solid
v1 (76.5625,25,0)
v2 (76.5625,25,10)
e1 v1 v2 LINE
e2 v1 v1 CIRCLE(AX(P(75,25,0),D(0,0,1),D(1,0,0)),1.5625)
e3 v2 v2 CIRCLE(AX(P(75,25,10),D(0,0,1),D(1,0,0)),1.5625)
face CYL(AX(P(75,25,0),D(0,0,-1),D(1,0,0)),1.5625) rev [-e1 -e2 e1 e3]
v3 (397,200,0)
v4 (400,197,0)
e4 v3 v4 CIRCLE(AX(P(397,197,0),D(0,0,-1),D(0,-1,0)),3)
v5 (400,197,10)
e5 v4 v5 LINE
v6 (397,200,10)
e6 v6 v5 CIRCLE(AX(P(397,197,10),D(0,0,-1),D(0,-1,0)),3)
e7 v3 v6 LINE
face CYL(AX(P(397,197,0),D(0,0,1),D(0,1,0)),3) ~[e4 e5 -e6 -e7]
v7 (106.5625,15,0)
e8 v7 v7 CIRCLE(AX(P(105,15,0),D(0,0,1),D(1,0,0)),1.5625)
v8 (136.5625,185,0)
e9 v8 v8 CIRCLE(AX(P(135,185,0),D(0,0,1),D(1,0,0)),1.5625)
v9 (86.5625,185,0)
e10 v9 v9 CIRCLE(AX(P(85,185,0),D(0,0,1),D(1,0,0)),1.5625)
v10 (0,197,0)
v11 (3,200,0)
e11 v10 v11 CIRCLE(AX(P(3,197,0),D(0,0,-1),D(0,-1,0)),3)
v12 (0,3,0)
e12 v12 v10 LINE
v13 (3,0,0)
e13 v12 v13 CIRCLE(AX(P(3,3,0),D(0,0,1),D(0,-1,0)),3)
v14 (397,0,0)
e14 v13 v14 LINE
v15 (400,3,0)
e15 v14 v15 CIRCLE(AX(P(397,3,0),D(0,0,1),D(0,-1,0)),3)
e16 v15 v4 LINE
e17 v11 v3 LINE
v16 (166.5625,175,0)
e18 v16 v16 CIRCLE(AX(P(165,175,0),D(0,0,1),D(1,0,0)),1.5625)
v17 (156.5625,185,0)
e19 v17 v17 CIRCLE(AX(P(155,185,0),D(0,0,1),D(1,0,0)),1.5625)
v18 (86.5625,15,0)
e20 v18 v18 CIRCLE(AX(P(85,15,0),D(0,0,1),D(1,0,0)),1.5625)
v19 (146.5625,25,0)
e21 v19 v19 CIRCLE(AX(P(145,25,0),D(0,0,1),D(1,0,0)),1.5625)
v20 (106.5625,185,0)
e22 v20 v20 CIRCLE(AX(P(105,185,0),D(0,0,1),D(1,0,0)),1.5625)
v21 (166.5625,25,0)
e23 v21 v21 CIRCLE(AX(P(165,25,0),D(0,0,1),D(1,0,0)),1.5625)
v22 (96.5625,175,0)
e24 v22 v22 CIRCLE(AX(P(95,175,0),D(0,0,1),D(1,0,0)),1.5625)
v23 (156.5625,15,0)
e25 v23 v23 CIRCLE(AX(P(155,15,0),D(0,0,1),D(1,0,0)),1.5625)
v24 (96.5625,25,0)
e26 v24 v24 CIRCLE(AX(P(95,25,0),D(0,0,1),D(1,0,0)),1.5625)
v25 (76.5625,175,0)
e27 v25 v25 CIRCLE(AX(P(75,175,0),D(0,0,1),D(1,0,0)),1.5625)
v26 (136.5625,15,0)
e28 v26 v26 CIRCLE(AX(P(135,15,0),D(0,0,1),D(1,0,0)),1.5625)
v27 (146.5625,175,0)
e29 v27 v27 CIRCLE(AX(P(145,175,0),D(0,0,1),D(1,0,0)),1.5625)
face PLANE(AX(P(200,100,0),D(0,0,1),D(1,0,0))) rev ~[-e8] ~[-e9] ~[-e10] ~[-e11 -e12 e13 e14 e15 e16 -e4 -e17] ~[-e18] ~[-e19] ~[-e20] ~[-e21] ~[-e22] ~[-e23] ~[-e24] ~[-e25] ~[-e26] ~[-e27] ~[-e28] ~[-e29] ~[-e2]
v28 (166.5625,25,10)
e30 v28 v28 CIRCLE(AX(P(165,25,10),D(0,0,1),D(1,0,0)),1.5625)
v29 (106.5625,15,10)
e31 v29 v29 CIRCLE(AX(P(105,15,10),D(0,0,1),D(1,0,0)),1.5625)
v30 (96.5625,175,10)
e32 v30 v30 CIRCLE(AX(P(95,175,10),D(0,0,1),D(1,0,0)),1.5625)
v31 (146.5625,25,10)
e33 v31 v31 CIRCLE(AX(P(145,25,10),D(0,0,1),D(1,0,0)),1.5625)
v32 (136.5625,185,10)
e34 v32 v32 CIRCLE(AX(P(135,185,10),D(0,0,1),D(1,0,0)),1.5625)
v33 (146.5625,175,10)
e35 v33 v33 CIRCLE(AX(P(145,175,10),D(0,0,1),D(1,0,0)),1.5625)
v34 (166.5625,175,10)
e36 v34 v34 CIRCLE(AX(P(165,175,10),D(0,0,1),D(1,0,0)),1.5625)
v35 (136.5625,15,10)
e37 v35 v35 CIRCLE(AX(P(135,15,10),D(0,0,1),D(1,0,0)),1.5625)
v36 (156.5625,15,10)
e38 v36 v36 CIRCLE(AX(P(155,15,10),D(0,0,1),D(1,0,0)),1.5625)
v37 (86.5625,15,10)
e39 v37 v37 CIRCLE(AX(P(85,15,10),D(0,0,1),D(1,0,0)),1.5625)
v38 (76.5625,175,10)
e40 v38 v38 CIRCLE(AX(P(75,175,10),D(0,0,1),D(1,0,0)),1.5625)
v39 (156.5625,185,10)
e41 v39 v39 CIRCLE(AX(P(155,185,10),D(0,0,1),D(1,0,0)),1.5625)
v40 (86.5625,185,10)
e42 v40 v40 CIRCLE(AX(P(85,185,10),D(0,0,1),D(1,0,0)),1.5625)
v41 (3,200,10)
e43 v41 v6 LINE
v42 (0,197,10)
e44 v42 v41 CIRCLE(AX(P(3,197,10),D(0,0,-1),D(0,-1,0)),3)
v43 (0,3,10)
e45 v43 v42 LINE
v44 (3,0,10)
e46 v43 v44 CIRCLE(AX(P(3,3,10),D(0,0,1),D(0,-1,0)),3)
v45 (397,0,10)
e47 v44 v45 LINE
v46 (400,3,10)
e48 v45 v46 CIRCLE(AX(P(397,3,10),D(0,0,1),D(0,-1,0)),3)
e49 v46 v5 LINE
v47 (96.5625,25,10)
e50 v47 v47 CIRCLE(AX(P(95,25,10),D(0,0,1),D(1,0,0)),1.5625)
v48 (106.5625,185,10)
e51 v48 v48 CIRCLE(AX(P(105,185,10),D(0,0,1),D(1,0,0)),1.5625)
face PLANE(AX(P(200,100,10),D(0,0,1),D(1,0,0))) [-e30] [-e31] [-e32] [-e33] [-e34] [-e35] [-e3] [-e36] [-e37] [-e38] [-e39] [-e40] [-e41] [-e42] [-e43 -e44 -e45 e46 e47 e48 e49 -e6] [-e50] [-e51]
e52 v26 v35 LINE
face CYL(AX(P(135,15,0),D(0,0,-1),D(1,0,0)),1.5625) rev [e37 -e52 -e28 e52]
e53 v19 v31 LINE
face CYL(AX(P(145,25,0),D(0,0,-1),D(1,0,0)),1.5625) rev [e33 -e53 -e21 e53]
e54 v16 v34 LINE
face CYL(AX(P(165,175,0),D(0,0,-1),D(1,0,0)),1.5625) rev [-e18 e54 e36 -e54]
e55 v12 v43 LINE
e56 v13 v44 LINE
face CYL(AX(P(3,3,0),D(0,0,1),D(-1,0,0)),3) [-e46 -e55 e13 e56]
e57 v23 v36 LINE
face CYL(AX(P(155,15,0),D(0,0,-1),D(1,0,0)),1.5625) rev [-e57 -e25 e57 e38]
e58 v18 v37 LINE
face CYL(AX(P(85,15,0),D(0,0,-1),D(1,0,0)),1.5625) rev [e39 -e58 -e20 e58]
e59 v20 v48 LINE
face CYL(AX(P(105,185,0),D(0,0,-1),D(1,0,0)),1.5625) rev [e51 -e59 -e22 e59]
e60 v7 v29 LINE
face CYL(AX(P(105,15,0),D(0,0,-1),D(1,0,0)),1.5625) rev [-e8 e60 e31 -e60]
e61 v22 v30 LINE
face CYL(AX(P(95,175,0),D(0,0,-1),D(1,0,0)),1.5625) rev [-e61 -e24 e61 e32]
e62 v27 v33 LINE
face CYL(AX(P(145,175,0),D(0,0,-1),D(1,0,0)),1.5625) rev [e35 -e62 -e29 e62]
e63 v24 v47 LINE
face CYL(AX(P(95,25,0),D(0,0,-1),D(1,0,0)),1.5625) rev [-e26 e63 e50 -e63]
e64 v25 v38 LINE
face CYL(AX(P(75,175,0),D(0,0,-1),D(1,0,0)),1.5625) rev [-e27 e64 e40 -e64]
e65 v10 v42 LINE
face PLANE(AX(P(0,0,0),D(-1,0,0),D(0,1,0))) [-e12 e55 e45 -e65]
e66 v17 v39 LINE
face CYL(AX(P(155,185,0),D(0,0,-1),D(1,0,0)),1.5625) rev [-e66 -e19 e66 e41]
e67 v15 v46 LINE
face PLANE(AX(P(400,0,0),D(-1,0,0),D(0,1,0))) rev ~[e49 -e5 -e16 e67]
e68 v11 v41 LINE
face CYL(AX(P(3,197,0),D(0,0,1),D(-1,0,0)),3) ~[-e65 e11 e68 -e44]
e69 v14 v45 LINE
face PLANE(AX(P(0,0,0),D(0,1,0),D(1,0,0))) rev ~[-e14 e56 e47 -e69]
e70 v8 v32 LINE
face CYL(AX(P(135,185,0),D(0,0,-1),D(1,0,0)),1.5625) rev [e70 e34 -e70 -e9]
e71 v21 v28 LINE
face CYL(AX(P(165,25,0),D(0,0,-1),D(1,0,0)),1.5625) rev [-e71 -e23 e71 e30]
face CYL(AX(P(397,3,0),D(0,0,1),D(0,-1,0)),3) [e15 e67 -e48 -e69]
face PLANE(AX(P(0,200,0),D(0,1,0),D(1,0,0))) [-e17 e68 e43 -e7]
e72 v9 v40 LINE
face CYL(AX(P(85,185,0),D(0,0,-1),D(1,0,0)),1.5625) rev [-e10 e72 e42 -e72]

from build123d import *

# Parameters (mm, degrees)
SKETCH_W  = 400
SKETCH_H  = 200
SKETCH_R  = 1.5625
PAD_DEPTH = 10
FILLET_R  = 3


with BuildPart() as part:
    # Sketch → Pad (new body)
    with BuildSketch(Plane.XY):
        with Locations((200, 100)):
            Rectangle(SKETCH_W, SKETCH_H)
        with Locations((85, 15)):
            Circle(SKETCH_R, mode=Mode.SUBTRACT)
        with Locations((105, 15)):
            Circle(SKETCH_R, mode=Mode.SUBTRACT)
        with Locations((75, 25)):
            Circle(SKETCH_R, mode=Mode.SUBTRACT)
        with Locations((95, 25)):
            Circle(SKETCH_R, mode=Mode.SUBTRACT)
        with Locations((155, 15)):
            Circle(SKETCH_R, mode=Mode.SUBTRACT)
        with Locations((135, 15)):
            Circle(SKETCH_R, mode=Mode.SUBTRACT)
        with Locations((145, 25)):
            Circle(SKETCH_R, mode=Mode.SUBTRACT)
        with Locations((165, 25)):
            Circle(SKETCH_R, mode=Mode.SUBTRACT)
        with Locations((85, 185)):
            Circle(SKETCH_R, mode=Mode.SUBTRACT)
        with Locations((105, 185)):
            Circle(SKETCH_R, mode=Mode.SUBTRACT)
        with Locations((75, 175)):
            Circle(SKETCH_R, mode=Mode.SUBTRACT)
        with Locations((95, 175)):
            Circle(SKETCH_R, mode=Mode.SUBTRACT)
        with Locations((155, 185)):
            Circle(SKETCH_R, mode=Mode.SUBTRACT)
        with Locations((135, 185)):
            Circle(SKETCH_R, mode=Mode.SUBTRACT)
        with Locations((145, 175)):
            Circle(SKETCH_R, mode=Mode.SUBTRACT)
        with Locations((165, 175)):
            Circle(SKETCH_R, mode=Mode.SUBTRACT)
    extrude(amount=PAD_DEPTH)

    # Fillet
    fillet_edges = [part.edges().sort_by_distance(p)[0] for p in [
        (0, 0, 5),
        (400, 0, 5),
        (400, 200, 5),
        (0, 200, 5),
    ]]
    fillet(fillet_edges, radius=FILLET_R)


solid = part.part
